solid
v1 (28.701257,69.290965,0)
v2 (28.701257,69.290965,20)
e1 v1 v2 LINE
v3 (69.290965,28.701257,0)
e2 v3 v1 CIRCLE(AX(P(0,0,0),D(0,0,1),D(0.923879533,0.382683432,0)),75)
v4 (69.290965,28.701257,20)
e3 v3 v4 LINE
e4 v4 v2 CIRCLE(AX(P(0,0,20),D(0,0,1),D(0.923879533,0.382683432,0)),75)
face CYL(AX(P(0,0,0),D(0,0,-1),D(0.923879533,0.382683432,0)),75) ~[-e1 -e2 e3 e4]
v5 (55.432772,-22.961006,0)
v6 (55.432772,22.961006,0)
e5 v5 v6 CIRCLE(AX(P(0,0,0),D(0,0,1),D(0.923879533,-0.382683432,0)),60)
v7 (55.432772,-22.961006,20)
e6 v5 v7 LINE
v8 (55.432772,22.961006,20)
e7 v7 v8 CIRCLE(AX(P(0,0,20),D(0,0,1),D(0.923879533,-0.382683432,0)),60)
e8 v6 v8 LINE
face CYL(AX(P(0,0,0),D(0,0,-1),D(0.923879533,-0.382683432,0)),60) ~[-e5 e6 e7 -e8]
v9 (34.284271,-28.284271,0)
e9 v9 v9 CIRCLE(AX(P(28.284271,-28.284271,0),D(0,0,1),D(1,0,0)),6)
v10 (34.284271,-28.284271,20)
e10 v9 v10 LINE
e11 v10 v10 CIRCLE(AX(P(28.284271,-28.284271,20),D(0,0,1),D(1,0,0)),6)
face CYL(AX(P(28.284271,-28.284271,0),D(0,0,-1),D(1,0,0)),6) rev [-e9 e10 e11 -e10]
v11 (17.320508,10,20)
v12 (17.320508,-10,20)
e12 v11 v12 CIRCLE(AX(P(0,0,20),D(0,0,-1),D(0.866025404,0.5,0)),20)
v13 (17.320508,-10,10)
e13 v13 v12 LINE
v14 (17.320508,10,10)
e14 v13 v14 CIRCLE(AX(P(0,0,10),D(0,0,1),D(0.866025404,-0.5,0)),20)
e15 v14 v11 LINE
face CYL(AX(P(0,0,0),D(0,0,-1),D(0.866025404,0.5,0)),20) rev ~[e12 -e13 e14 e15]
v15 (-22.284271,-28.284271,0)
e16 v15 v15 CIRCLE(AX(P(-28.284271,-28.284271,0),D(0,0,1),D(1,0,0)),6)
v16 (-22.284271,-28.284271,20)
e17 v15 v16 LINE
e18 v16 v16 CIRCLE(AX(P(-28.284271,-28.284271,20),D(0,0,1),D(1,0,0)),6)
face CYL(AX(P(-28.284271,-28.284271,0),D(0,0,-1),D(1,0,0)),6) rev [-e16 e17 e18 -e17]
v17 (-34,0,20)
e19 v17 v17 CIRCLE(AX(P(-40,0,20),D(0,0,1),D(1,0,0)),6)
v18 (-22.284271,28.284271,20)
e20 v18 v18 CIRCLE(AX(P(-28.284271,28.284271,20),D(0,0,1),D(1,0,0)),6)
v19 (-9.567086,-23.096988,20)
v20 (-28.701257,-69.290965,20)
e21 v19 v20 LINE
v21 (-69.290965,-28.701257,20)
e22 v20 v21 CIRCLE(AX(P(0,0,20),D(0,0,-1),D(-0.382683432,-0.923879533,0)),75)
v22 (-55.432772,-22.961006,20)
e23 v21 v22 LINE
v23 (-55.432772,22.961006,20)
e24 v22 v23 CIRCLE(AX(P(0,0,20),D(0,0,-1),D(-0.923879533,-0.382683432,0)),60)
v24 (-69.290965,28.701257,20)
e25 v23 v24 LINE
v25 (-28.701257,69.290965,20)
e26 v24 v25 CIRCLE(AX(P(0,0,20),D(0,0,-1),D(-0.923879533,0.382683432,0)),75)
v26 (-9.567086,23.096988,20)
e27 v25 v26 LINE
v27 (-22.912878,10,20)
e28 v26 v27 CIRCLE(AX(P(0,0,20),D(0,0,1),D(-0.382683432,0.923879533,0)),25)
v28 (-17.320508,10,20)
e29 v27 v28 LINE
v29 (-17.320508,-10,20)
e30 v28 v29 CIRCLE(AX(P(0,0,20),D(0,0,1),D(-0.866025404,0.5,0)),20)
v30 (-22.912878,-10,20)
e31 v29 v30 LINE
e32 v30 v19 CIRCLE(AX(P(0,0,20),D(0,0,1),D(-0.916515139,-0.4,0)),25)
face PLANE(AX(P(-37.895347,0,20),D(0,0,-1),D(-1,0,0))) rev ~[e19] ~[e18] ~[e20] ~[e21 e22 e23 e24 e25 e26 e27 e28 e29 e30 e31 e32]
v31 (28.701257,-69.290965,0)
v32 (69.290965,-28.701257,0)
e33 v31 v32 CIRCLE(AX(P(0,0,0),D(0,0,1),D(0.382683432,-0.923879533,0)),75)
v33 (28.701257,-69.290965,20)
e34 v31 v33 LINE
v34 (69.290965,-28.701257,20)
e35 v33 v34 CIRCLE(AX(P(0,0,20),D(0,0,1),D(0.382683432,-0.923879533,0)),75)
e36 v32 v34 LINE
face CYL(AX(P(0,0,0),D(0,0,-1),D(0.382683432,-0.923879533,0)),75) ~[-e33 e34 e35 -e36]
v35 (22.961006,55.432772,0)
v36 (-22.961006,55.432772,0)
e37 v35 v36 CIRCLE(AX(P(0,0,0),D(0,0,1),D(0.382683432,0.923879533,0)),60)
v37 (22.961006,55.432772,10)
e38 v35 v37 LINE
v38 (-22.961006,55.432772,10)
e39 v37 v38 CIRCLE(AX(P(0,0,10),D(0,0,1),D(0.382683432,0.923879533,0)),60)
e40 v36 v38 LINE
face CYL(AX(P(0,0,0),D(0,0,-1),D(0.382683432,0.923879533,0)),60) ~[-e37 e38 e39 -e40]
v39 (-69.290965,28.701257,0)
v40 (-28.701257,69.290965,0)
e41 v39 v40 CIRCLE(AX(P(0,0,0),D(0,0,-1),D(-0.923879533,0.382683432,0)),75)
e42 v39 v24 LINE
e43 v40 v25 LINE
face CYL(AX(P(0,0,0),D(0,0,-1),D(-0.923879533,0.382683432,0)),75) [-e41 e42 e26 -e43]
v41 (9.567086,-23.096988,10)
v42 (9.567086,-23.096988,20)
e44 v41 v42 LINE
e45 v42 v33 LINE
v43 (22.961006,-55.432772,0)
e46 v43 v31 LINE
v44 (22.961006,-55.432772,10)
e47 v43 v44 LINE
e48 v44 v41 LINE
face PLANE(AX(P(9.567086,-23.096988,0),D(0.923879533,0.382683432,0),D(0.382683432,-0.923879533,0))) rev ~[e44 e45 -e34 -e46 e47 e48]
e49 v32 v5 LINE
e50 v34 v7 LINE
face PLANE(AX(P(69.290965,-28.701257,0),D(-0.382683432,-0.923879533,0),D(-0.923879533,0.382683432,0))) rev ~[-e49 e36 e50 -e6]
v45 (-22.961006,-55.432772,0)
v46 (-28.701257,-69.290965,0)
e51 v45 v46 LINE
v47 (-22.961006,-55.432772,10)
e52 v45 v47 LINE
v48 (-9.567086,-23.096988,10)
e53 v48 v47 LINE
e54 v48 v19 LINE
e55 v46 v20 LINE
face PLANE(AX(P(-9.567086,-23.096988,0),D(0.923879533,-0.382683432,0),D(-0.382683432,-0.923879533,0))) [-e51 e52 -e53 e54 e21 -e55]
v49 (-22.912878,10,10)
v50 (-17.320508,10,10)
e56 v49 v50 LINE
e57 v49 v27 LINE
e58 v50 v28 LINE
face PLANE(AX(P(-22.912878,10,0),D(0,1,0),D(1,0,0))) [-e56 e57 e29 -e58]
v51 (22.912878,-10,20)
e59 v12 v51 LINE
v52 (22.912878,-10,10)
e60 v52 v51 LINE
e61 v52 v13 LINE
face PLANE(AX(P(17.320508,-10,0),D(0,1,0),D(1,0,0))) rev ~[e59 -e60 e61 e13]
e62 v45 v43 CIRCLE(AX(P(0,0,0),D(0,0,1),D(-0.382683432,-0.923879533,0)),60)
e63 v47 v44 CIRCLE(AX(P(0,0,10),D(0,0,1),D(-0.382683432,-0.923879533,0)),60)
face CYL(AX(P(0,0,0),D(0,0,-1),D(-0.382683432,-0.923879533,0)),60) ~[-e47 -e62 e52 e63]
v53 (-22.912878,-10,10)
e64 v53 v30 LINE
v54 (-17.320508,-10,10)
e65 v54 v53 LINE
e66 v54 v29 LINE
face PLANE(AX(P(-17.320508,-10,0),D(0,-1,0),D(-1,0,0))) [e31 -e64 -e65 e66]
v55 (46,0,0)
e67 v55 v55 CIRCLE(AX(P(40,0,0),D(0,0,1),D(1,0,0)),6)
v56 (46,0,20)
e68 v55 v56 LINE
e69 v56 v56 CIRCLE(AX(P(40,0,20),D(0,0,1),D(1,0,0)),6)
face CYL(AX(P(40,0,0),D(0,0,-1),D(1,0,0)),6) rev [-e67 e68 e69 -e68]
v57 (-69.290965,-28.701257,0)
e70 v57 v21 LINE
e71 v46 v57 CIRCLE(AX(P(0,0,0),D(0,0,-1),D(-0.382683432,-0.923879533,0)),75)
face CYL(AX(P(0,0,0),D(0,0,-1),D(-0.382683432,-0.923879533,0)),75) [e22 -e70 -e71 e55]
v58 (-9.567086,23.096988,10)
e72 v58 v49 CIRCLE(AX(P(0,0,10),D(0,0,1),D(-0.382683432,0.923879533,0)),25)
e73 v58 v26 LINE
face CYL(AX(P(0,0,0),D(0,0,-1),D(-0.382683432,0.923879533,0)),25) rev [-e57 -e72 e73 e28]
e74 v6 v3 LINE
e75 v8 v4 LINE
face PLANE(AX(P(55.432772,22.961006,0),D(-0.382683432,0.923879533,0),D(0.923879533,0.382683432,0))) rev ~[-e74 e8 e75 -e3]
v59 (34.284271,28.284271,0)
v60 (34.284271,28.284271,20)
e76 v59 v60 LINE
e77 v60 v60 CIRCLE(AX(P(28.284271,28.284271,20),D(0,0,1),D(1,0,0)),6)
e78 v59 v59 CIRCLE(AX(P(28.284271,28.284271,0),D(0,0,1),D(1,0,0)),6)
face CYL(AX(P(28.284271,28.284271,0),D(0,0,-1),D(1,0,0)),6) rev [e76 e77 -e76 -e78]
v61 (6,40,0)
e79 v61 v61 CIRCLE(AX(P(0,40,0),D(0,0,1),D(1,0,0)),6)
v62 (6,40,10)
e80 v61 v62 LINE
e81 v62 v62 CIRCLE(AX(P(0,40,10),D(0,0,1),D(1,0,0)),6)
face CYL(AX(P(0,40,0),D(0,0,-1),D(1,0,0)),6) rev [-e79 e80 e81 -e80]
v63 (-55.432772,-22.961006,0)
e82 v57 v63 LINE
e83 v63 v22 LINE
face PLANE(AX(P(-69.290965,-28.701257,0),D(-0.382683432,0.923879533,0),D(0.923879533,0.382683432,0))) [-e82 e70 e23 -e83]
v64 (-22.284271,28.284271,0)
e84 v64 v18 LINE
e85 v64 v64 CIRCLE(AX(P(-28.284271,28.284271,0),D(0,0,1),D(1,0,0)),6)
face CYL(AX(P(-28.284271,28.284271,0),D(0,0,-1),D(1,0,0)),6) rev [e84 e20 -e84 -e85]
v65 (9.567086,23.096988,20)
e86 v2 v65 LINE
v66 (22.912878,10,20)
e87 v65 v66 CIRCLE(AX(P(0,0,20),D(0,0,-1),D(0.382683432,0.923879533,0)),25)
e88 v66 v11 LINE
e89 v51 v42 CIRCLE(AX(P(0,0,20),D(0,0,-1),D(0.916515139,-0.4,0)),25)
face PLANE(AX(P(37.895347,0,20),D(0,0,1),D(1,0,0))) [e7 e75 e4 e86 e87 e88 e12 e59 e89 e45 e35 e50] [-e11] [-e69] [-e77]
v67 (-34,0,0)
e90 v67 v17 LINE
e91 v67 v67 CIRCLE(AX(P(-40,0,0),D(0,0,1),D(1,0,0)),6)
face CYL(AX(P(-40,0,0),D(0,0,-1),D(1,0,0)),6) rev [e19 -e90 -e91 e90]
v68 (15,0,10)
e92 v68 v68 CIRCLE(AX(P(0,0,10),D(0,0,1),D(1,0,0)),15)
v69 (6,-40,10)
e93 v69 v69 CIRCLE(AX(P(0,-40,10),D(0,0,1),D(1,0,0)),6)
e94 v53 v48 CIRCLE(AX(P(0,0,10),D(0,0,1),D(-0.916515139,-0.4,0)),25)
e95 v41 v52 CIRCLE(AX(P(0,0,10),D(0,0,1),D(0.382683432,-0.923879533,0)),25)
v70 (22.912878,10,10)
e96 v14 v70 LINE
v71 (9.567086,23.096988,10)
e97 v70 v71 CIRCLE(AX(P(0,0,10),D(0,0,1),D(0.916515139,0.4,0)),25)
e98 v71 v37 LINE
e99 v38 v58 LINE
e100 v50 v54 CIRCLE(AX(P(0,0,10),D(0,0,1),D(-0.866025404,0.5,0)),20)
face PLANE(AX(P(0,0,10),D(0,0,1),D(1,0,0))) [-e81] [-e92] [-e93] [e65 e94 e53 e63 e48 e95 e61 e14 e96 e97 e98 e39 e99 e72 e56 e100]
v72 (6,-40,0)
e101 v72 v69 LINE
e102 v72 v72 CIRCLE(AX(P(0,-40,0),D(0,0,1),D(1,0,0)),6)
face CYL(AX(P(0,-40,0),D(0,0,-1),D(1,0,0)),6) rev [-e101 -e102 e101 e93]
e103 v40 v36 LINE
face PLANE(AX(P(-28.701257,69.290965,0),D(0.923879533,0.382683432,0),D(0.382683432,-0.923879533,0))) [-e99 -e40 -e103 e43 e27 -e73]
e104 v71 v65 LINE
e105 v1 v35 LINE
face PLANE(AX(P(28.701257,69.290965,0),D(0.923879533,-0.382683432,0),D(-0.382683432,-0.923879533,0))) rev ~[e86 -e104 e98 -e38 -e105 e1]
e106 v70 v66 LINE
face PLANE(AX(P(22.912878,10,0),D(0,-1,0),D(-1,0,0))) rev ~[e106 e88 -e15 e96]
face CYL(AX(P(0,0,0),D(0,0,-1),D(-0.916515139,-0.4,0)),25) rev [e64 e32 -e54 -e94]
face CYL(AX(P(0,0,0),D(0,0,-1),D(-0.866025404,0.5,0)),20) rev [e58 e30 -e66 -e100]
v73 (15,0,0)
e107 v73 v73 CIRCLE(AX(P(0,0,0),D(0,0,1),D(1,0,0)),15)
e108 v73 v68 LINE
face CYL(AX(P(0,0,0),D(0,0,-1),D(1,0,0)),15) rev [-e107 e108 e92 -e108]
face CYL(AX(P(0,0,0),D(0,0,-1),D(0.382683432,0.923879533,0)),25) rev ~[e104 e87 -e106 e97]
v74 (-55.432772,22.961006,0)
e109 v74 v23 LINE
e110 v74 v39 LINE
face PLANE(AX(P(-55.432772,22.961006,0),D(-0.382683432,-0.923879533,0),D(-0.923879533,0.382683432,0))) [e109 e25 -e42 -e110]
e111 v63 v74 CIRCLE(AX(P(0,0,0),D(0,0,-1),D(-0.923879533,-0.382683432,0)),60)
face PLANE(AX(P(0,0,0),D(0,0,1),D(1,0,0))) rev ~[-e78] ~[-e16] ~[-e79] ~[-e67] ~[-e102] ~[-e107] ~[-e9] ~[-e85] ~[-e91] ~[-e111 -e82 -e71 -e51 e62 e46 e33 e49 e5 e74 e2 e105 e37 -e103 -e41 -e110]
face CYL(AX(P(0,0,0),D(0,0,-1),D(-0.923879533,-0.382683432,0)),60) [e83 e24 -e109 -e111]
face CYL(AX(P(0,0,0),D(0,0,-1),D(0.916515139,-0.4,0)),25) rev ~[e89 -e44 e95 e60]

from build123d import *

# Parameters (mm, degrees)
SKETCH1_R             = 6
BOSS_EXTRUDE1_DEPTH   = 20
BOSS_EXTRUDE1_2_DEPTH = 20
SKETCH1_3_R           = 6
SKETCH1_3_R_2         = 15
BOSS_EXTRUDE2_DEPTH   = 10


with BuildPart() as part:
    # Sketch1 → Boss-Extrude1 (new body)
    with BuildSketch(Plane.XY):
        with BuildLine():
            Line((22.912878475, 10), (17.320508076, 10))
            ThreePointArc((17.320508076, 10), (20, 0), (17.320508076, -10))
            Line((17.320508076, -10), (22.912878475, -10))
            ThreePointArc((22.912878475, -10), (17.510562404, -17.843211715), (9.567085809, -23.096988313))
            Line((9.567085809, -23.096988313), (28.701257427, -69.290964938))
            ThreePointArc((28.701257427, -69.290964938), (53.033008589, -53.033008589), (69.290964938, -28.701257427))
            Line((69.290964938, -28.701257427), (55.432771951, -22.961005942))
            ThreePointArc((55.432771951, -22.961005942), (60, 0), (55.432771951, 22.961005942))
            Line((55.432771951, 22.961005942), (69.290964938, 28.701257427))
            ThreePointArc((69.290964938, 28.701257427), (53.033008589, 53.033008589), (28.701257427, 69.290964938))
            Line((28.701257427, 69.290964938), (9.567085809, 23.096988313))
            ThreePointArc((9.567085809, 23.096988313), (17.510562404, 17.843211715), (22.912878475, 10))
        make_face()
        with Locations((28.284271247, -28.284271247)):
            Circle(SKETCH1_R, mode=Mode.SUBTRACT)
        with Locations((28.284271247, 28.284271247)):
            Circle(SKETCH1_R, mode=Mode.SUBTRACT)
        with Locations((40, 0)):
            Circle(SKETCH1_R, mode=Mode.SUBTRACT)
    extrude(amount=BOSS_EXTRUDE1_DEPTH)



with BuildPart() as body_2:
    # Sketch1 → Boss-Extrude1 2 (new body)
    with BuildSketch(Plane.XY):
        with BuildLine():
            Line((-9.567085809, 23.096988313), (-28.701257427, 69.290964938))
            ThreePointArc((-28.701257427, 69.290964938), (-53.033008589, 53.033008589), (-69.290964938, 28.701257427))
            Line((-69.290964938, 28.701257427), (-55.432771951, 22.961005942))
            ThreePointArc((-55.432771951, 22.961005942), (-60, 0), (-55.432771951, -22.961005942))
            Line((-55.432771951, -22.961005942), (-69.290964938, -28.701257427))
            ThreePointArc((-69.290964938, -28.701257427), (-53.033008589, -53.033008589), (-28.701257427, -69.290964938))
            Line((-28.701257427, -69.290964938), (-9.567085809, -23.096988313))
            ThreePointArc((-9.567085809, -23.096988313), (-17.510562404, -17.843211715), (-22.912878475, -10))
            Line((-22.912878475, -10), (-17.320508076, -10))
            ThreePointArc((-17.320508076, -10), (-20, 0), (-17.320508076, 10))
            Line((-17.320508076, 10), (-22.912878475, 10))
            ThreePointArc((-22.912878475, 10), (-17.510562404, 17.843211715), (-9.567085809, 23.096988313))
        make_face()
        with Locations((-28.284271247, -28.284271247)):
            Circle(SKETCH1_R, mode=Mode.SUBTRACT)
        with Locations((-40, 0)):
            Circle(SKETCH1_R, mode=Mode.SUBTRACT)
        with Locations((-28.284271247, 28.284271247)):
            Circle(SKETCH1_R, mode=Mode.SUBTRACT)
    extrude(amount=BOSS_EXTRUDE1_2_DEPTH)


with BuildPart() as part_1:
    add(part.part)

    add(body_2.part)  # Boss-Extrude2 merges body 2
    # Sketch1<3> → Boss-Extrude2 (add)
    with BuildSketch(Plane.XY):
        with BuildLine():
            ThreePointArc((17.320508076, -10), (20, 0), (17.320508076, 10))
            Line((17.320508076, 10), (22.912878475, 10))
            ThreePointArc((22.912878475, 10), (17.510562404, 17.843211715), (9.567085809, 23.096988313))
            Line((9.567085809, 23.096988313), (22.961005942, 55.432771951))
            ThreePointArc((22.961005942, 55.432771951), (0, 60), (-22.961005942, 55.432771951))
            Line((-22.961005942, 55.432771951), (-9.567085809, 23.096988313))
            ThreePointArc((-9.567085809, 23.096988313), (-17.510562404, 17.843211715), (-22.912878475, 10))
            Line((-22.912878475, 10), (-17.320508076, 10))
            ThreePointArc((-17.320508076, 10), (-20, 0), (-17.320508076, -10))
            Line((-17.320508076, -10), (-22.912878475, -10))
            ThreePointArc((-22.912878475, -10), (-17.510562404, -17.843211715), (-9.567085809, -23.096988313))
            Line((-9.567085809, -23.096988313), (-22.961005942, -55.432771951))
            ThreePointArc((-22.961005942, -55.432771951), (0, -60), (22.961005942, -55.432771951))
            Line((22.961005942, -55.432771951), (9.567085809, -23.096988313))
            ThreePointArc((9.567085809, -23.096988313), (17.510562404, -17.843211715), (22.912878475, -10))
            Line((22.912878475, -10), (17.320508076, -10))
        make_face()
        with Locations((0, -40)):
            Circle(SKETCH1_3_R, mode=Mode.SUBTRACT)
        Circle(SKETCH1_3_R_2, mode=Mode.SUBTRACT)
        with Locations((0, 40)):
            Circle(SKETCH1_3_R, mode=Mode.SUBTRACT)
    extrude(amount=BOSS_EXTRUDE2_DEPTH)


solid = part_1.part
